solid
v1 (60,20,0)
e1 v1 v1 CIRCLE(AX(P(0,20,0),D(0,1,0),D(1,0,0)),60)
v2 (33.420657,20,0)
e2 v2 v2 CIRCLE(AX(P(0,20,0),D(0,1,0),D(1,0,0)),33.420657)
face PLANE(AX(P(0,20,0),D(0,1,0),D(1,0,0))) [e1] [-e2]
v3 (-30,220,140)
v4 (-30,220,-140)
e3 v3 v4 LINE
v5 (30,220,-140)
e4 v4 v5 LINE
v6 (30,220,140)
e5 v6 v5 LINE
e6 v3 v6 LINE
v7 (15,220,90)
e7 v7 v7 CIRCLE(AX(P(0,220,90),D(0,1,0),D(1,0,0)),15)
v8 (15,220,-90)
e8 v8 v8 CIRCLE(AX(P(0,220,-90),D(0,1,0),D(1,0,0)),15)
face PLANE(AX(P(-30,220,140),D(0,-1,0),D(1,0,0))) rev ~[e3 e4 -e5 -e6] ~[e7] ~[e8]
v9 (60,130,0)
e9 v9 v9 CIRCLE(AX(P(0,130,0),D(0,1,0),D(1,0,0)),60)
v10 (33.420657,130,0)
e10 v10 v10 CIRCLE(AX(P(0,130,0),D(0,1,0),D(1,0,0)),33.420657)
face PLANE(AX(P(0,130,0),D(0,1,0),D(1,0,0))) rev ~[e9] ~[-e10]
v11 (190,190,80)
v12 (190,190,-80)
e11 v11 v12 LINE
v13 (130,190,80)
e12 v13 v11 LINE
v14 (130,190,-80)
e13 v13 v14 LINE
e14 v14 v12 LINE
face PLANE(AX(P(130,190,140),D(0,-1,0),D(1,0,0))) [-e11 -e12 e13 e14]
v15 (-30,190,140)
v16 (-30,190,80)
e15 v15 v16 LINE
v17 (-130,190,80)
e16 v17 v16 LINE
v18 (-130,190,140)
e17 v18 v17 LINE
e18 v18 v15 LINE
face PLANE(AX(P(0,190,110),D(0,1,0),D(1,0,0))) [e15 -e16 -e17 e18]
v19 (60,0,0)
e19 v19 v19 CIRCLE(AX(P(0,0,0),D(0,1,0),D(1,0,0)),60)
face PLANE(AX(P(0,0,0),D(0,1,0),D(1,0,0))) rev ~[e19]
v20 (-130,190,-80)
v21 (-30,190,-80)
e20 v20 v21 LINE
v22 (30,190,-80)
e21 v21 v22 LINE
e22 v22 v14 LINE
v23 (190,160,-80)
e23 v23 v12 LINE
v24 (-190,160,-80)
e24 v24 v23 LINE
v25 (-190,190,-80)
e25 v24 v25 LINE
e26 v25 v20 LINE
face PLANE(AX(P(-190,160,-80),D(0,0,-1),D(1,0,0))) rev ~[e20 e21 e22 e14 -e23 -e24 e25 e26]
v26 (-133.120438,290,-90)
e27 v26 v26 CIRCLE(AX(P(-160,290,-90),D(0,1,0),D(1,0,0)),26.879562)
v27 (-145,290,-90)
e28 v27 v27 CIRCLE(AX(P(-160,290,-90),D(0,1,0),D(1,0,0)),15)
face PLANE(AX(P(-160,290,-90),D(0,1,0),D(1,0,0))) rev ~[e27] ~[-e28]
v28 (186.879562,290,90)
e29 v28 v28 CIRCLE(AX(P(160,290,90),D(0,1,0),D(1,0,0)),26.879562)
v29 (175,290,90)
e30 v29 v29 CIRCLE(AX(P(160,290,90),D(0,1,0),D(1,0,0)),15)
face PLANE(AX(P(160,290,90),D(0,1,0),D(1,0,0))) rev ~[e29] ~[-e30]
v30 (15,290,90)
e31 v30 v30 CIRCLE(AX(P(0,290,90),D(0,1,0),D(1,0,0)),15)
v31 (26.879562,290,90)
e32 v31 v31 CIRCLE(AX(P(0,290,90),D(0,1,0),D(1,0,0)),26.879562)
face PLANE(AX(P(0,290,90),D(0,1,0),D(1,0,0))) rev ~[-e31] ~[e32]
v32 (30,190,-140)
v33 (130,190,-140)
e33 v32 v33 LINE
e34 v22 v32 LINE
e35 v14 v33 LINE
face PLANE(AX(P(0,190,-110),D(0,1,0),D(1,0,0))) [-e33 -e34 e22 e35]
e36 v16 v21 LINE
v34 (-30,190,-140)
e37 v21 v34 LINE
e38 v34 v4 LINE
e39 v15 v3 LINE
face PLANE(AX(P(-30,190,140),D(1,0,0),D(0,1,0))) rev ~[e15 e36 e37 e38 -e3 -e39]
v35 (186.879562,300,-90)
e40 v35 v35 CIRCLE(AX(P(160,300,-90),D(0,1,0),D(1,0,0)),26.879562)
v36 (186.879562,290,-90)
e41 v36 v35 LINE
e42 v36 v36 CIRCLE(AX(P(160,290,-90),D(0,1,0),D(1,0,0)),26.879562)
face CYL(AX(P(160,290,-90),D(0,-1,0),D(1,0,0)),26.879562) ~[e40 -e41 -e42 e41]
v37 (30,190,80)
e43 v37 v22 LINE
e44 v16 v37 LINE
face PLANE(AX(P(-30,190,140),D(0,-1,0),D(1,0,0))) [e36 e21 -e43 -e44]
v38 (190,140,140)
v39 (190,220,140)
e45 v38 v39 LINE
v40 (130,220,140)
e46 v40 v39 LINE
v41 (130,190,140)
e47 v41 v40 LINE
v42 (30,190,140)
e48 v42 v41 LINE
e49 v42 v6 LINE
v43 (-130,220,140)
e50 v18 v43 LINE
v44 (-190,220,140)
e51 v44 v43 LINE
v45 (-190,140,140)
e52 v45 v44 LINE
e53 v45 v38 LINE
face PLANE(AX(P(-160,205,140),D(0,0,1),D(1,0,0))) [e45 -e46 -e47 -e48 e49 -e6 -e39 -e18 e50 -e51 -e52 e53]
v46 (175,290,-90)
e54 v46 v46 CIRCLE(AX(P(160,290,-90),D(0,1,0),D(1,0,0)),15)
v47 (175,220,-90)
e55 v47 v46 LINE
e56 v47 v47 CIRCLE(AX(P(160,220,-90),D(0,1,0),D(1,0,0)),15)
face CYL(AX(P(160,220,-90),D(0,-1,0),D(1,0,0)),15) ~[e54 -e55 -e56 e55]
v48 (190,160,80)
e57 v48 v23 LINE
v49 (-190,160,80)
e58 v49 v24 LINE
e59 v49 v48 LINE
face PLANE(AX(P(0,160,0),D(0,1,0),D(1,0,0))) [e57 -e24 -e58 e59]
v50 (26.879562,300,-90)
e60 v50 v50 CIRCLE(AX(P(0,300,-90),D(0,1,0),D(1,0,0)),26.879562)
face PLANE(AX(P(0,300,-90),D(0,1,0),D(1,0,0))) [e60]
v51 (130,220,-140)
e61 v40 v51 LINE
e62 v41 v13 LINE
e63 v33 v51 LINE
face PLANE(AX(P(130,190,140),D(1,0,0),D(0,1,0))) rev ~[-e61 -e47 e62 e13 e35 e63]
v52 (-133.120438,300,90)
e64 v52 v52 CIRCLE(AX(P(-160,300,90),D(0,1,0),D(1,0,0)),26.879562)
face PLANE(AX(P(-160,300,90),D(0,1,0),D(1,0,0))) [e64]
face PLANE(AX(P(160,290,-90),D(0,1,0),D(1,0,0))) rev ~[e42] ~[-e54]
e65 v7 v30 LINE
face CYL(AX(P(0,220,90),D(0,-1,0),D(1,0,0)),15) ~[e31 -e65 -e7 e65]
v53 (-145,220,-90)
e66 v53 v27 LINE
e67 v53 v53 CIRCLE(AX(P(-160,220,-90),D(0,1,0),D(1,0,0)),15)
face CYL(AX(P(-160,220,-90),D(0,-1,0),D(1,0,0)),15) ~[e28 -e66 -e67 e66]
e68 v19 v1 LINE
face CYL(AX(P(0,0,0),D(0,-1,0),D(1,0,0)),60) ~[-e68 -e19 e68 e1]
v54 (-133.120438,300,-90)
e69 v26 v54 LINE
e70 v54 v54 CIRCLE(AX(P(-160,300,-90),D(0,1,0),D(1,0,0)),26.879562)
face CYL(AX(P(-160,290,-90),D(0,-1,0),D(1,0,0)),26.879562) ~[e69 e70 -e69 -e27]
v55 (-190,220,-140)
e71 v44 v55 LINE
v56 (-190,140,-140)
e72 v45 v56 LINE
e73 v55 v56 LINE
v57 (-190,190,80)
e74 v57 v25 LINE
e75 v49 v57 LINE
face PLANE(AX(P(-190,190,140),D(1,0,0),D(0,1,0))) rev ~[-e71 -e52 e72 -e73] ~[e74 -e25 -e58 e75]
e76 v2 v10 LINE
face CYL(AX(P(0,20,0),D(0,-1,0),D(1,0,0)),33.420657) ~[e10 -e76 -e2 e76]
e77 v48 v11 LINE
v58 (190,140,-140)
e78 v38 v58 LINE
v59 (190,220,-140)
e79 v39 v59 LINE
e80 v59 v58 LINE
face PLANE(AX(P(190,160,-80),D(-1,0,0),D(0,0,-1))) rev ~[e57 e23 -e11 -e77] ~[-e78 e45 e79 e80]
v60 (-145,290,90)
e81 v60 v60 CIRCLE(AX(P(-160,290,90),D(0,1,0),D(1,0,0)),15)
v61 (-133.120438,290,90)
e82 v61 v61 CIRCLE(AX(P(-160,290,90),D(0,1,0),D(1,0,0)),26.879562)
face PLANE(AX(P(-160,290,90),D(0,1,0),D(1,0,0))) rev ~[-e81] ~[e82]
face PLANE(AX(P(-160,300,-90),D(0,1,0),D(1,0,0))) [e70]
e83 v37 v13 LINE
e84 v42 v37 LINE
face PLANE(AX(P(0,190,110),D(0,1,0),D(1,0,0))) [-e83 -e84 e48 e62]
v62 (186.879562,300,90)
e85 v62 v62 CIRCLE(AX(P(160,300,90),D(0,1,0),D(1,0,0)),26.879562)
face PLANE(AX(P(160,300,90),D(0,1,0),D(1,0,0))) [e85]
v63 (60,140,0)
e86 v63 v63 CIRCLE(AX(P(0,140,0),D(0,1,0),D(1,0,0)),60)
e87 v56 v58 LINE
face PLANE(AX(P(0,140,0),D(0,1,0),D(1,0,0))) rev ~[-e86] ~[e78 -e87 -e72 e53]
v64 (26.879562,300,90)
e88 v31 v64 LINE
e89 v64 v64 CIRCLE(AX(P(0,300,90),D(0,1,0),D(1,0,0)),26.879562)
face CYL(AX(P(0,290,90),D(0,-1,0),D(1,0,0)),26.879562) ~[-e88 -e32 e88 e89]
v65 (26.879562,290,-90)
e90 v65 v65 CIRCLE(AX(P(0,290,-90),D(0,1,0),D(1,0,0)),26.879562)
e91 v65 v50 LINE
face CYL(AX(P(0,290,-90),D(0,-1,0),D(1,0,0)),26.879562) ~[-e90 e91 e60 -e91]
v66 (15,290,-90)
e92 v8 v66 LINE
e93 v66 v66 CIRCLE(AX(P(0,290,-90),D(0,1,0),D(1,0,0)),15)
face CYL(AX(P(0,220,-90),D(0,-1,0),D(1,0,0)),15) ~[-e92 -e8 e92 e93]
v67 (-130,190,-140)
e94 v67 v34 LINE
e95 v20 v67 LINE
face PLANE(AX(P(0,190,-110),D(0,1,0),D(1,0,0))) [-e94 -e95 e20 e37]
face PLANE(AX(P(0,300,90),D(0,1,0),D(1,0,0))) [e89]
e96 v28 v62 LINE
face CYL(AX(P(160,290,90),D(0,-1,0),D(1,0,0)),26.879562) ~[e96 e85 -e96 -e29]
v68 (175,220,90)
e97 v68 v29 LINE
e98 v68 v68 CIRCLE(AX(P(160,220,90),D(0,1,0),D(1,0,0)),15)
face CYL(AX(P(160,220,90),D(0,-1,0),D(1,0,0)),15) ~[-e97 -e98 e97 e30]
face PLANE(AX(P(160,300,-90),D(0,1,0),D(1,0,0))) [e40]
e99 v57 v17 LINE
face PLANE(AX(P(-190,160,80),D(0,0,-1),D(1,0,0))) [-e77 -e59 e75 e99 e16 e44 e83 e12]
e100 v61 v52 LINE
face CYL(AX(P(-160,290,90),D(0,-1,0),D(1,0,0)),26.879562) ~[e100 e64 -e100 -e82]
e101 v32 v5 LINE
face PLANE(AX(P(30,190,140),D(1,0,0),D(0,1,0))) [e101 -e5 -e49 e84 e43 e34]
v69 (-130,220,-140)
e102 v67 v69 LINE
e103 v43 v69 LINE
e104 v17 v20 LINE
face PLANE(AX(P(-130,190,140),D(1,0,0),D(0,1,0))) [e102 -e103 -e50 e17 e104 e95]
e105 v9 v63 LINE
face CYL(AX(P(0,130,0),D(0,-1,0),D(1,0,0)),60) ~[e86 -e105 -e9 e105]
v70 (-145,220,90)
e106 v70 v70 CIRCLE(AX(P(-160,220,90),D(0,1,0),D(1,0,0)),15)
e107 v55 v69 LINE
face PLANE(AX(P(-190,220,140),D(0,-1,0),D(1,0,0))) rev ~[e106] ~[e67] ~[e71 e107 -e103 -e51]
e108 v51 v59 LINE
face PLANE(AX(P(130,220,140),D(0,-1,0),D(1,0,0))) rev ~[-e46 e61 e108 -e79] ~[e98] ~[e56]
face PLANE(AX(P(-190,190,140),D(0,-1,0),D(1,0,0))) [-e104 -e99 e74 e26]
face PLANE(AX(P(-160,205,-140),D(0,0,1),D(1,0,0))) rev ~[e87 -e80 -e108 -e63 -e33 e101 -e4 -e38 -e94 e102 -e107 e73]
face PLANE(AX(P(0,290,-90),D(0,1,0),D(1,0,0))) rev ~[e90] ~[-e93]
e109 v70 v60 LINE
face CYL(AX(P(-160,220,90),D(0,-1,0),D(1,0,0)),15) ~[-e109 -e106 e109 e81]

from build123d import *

# Parameters (mm, degrees)
SKETCH_3_R      = 60
EXTRUDE_1_DEPTH = 20
SKETCH_4_R      = 33.420656991
EXTRUDE_2_DEPTH = 110
SKETCH_7_R      = 60
EXTRUDE_4_DEPTH = 10
SKETCH_9_W      = 380
SKETCH_9_H      = 280
EXTRUDE_5_DEPTH = 20
SKETCH_11_W     = 380
SKETCH_11_H     = 60
EXTRUDE_6_DEPTH = 30
SKETCH_13_W     = 60
SKETCH_13_H     = 30
EXTRUDE_7_DEPTH = 280
SKETCH_14_R     = 15
EXTRUDE_8_DEPTH = 70
SKETCH_16_R     = 26.879561929
EXTRUDE_9_DEPTH = 10


with BuildPart() as part:
    # 草图3 → 凸台-拉伸1 (new body)
    with BuildSketch(Plane(origin=(0, 0, 0), x_dir=(1, 0, 0), z_dir=(0, 1, 0))):
        Circle(SKETCH_3_R)
    extrude(amount=EXTRUDE_1_DEPTH)

    # 草图4 → 凸台-拉伸2 (add)
    with BuildSketch(Plane(origin=(0, 20, 0), x_dir=(1, 0, 0), z_dir=(0, 1, 0))):
        Circle(SKETCH_4_R)
    extrude(amount=EXTRUDE_2_DEPTH)

    # 草图7 → 凸台-拉伸4 (add)
    with BuildSketch(Plane(origin=(0, 130, 0), x_dir=(1, 0, 0), z_dir=(0, 1, 0))):
        Circle(SKETCH_7_R)
    extrude(amount=EXTRUDE_4_DEPTH)

    # 草图9 → 凸台-拉伸5 (add)
    with BuildSketch(Plane(origin=(0, 140, 0), x_dir=(1, 0, 0), z_dir=(0, 1, 0))):
        Rectangle(SKETCH_9_W, SKETCH_9_H)
    extrude(amount=EXTRUDE_5_DEPTH)

    # 草图11 → 凸台-拉伸6 (add)
    with BuildSketch(Plane(origin=(0, 160, 0), x_dir=(1, 0, 0), z_dir=(0, 1, 0))):
        with Locations((0, 110)):
            Rectangle(SKETCH_11_W, SKETCH_11_H)
        with Locations((0, -110)):
            Rectangle(SKETCH_11_W, SKETCH_11_H)
    extrude(amount=EXTRUDE_6_DEPTH)

    # 草图13 → 凸台-拉伸7 (add)
    with BuildSketch(Plane.XY.offset(140)):
        with Locations((-160, 205)):
            Rectangle(SKETCH_13_W, SKETCH_13_H)
        with Locations((0, 205)):
            Rectangle(SKETCH_13_W, SKETCH_13_H)
        with Locations((160, 205)):
            Rectangle(SKETCH_13_W, SKETCH_13_H)
    extrude(amount=-EXTRUDE_7_DEPTH)

    # 草图14 → 凸台-拉伸8 (add)
    with BuildSketch(Plane(origin=(0, 220, 0), x_dir=(1, 0, 0), z_dir=(0, 1, 0))):
        with Locations((-160, 90)):
            Circle(SKETCH_14_R)
        with Locations((0, 90)):
            Circle(SKETCH_14_R)
        with Locations((160, 90)):
            Circle(SKETCH_14_R)
        with Locations((-160, -90)):
            Circle(SKETCH_14_R)
        with Locations((0, -90)):
            Circle(SKETCH_14_R)
        with Locations((160, -90)):
            Circle(SKETCH_14_R)
    extrude(amount=EXTRUDE_8_DEPTH)

    # 草图16 → 凸台-拉伸9 (add)
    with BuildSketch(Plane(origin=(0, 290, 0), x_dir=(1, 0, 0), z_dir=(0, 1, 0))):
        with Locations((-160, 90)):
            Circle(SKETCH_16_R)
        with Locations((0, 90)):
            Circle(SKETCH_16_R)
        with Locations((160, 90)):
            Circle(SKETCH_16_R)
        with Locations((-160, -90)):
            Circle(SKETCH_16_R)
        with Locations((0, -90)):
            Circle(SKETCH_16_R)
        with Locations((160, -90)):
            Circle(SKETCH_16_R)
    extrude(amount=EXTRUDE_9_DEPTH)


solid = part.part
